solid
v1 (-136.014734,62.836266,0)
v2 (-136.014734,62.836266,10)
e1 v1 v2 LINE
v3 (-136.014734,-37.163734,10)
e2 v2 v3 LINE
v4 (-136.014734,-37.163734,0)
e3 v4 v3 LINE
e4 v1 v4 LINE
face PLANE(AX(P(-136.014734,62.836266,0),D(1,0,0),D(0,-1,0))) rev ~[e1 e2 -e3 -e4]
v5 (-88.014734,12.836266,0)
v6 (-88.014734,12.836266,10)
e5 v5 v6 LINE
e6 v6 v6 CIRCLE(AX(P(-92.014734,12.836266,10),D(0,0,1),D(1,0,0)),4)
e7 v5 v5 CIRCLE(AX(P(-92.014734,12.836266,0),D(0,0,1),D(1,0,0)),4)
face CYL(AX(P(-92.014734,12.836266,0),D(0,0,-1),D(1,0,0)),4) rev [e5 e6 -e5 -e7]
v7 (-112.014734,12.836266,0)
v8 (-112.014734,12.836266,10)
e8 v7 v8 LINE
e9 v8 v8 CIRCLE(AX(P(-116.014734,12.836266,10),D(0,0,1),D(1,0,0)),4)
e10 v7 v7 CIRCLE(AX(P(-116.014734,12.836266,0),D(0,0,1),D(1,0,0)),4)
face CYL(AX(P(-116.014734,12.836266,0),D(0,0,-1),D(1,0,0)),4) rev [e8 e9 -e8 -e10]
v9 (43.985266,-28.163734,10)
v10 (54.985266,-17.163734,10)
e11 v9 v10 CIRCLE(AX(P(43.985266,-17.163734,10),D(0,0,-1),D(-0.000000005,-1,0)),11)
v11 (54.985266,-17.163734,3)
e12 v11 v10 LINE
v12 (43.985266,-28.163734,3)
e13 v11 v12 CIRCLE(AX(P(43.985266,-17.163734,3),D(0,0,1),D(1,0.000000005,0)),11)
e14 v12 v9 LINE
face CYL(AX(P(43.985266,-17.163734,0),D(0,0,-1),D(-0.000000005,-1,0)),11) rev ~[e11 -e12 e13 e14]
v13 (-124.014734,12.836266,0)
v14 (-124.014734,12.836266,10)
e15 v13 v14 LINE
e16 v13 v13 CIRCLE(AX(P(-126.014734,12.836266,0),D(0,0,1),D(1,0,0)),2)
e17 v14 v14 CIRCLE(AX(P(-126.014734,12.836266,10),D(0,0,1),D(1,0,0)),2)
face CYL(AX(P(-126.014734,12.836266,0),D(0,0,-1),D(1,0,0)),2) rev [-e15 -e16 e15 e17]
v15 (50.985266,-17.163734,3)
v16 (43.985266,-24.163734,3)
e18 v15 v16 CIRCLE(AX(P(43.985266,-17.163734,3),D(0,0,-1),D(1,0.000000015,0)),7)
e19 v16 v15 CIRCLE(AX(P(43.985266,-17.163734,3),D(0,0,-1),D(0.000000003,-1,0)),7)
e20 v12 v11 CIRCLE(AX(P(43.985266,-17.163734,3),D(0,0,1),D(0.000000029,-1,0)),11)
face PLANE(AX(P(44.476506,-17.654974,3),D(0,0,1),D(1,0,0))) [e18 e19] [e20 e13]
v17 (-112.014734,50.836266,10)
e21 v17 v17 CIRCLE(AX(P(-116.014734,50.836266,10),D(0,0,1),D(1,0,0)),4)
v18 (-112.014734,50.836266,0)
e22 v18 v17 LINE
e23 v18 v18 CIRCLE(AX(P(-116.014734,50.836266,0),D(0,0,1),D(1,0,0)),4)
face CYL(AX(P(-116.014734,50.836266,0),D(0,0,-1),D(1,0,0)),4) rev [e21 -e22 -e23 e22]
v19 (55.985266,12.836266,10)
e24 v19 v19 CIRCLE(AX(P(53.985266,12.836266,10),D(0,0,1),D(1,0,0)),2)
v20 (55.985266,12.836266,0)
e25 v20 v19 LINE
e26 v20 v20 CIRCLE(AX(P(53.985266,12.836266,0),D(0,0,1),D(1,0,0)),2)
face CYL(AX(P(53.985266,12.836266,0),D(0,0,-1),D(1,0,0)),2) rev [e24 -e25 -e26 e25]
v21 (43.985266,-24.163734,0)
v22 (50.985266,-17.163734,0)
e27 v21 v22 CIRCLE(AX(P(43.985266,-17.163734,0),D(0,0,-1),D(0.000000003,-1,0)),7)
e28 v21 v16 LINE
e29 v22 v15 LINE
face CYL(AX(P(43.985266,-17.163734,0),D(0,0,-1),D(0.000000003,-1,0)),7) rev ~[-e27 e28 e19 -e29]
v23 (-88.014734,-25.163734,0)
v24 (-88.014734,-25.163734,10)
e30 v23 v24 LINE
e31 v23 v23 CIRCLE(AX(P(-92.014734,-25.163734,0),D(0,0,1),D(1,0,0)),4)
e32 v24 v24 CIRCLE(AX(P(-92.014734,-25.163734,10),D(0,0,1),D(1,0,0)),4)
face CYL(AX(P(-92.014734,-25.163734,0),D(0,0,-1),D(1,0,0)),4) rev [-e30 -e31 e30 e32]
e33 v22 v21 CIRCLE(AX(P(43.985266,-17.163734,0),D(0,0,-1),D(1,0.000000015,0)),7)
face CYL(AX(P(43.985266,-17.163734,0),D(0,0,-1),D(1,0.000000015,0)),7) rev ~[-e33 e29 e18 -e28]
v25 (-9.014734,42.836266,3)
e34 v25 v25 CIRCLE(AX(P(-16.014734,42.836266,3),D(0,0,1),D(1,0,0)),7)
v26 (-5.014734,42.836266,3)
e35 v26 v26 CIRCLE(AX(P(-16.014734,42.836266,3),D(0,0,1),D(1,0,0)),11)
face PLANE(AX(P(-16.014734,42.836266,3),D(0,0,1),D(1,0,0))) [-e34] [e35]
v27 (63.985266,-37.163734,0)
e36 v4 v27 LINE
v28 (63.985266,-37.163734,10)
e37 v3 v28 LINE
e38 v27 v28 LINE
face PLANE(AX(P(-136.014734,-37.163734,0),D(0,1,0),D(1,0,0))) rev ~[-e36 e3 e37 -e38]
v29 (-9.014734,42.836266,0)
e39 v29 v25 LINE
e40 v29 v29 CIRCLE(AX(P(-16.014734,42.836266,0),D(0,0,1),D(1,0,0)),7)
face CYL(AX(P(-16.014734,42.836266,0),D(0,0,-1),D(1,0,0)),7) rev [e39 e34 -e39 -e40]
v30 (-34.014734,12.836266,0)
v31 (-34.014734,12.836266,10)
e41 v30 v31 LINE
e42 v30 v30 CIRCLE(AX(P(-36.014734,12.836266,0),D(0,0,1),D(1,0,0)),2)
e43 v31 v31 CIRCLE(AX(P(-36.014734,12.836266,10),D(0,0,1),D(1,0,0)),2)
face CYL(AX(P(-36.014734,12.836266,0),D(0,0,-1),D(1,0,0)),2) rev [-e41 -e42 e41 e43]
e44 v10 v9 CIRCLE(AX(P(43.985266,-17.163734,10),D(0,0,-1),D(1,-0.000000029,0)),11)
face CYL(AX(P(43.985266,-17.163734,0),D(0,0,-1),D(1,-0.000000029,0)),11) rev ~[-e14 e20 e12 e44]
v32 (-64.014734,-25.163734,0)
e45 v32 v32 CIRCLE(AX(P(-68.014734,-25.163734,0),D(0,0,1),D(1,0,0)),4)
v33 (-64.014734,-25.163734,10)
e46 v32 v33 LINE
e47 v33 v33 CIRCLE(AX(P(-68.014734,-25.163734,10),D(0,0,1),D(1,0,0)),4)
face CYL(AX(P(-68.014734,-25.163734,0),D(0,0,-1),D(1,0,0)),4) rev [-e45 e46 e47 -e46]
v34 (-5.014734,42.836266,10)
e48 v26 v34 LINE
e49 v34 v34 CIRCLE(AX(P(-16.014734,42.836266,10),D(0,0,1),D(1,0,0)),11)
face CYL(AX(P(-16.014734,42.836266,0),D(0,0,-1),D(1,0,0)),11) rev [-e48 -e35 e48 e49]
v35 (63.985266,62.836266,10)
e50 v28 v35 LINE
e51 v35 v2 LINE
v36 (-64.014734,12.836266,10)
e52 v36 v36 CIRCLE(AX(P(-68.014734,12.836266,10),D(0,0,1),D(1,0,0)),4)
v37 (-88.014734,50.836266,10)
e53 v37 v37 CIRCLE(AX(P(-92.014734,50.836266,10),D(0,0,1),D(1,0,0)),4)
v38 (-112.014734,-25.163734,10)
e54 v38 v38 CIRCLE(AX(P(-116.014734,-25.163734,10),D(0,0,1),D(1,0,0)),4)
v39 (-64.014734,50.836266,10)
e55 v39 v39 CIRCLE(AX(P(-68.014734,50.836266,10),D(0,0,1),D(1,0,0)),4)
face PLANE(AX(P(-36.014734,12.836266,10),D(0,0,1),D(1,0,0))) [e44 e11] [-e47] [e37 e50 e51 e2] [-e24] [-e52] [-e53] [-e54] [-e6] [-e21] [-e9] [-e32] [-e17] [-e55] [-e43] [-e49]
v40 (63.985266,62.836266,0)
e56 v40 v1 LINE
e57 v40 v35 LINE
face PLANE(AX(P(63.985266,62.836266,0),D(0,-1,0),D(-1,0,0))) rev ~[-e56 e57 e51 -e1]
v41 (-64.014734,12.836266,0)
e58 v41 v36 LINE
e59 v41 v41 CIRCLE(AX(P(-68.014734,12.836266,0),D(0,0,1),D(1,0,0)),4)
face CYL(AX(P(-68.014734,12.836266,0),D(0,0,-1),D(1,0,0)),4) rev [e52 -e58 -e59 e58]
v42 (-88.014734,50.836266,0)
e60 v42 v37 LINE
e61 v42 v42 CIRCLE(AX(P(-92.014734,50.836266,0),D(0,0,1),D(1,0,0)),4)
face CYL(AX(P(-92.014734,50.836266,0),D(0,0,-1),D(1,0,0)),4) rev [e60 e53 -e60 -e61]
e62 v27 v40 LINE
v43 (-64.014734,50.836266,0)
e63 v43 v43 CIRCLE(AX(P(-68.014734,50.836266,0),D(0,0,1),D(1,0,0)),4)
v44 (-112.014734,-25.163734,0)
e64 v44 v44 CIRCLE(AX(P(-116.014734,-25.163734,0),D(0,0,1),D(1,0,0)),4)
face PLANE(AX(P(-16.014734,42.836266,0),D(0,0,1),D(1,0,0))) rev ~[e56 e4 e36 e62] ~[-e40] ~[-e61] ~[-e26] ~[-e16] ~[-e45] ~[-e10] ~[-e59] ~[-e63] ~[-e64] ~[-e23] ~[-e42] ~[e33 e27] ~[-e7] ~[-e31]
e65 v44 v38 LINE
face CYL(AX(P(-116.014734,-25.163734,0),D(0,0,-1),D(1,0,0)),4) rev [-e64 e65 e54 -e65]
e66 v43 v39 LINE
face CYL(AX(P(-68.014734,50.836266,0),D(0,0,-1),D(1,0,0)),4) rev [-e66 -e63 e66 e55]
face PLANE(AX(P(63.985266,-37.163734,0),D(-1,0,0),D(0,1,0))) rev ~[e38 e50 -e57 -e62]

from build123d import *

# Parameters (mm, degrees)
F0_R     = 4
F0_R_2   = 2
F0_R_3   = 11
F1_DEPTH = 10
F0_R_4   = 7
F2_DEPTH = 3


with BuildPart() as f1:
    # F0 (on Top) → F1 (new body)
    with BuildSketch(Plane.XY):
        Polygon((63.985266, 62.836266), (-136.014734, 62.836266), (-136.014734, -37.163734), (43.985266, -37.163734), (63.985266, -37.163734), align=None)
        with Locations((-116.014734, -25.163734)):
            Circle(F0_R, mode=Mode.SUBTRACT)
        with Locations((-92.014734, -25.163734)):
            Circle(F0_R, mode=Mode.SUBTRACT)
        with Locations((-68.014734, -25.163734)):
            Circle(F0_R, mode=Mode.SUBTRACT)
        with BuildLine():
            ThreePointArc((54.985266, -17.163734), (51.76344, -24.941909), (43.985266, -28.163734))
            ThreePointArc((43.985266, -28.163734), (36.207091, -9.38556), (54.985266, -17.163734))
        make_face(mode=Mode.SUBTRACT)
        with Locations((-126.014734, 12.836266)):
            Circle(F0_R_2, mode=Mode.SUBTRACT)
        with Locations((-116.014734, 12.836266)):
            Circle(F0_R, mode=Mode.SUBTRACT)
        with Locations((-92.014734, 12.836266)):
            Circle(F0_R, mode=Mode.SUBTRACT)
        with Locations((-68.014734, 12.836266)):
            Circle(F0_R, mode=Mode.SUBTRACT)
        with Locations((-116.014734, 50.836266)):
            Circle(F0_R, mode=Mode.SUBTRACT)
        with Locations((-92.014734, 50.836266)):
            Circle(F0_R, mode=Mode.SUBTRACT)
        with Locations((-68.014734, 50.836266)):
            Circle(F0_R, mode=Mode.SUBTRACT)
        with Locations((-36.014734, 12.836266)):
            Circle(F0_R_2, mode=Mode.SUBTRACT)
        with Locations((53.985266, 12.836266)):
            Circle(F0_R_2, mode=Mode.SUBTRACT)
        with Locations((-16.014734, 42.836266)):
            Circle(F0_R_3, mode=Mode.SUBTRACT)
    extrude(amount=F1_DEPTH)

    # F0 (on Top) → F2 (join)
    with BuildSketch(Plane.XY):
        with Locations((-16.014734, 42.836266)):
            Circle(F0_R_3)
        with Locations((-16.014734, 42.836266)):
            Circle(F0_R_4, mode=Mode.SUBTRACT)
        with BuildLine():
            ThreePointArc((54.985266, -17.163734), (36.207091, -9.38556), (43.985266, -28.163734))
            ThreePointArc((43.985266, -28.163734), (51.76344, -24.941909), (54.985266, -17.163734))
        make_face()
        with BuildLine():
            ThreePointArc((50.985266, -17.163734), (48.935013, -22.113482), (43.985266, -24.163734))
            ThreePointArc((43.985266, -24.163734), (39.035518, -12.213987), (50.985266, -17.163734))
        make_face(mode=Mode.SUBTRACT)
    extrude(amount=F2_DEPTH)


solid = f1.part
